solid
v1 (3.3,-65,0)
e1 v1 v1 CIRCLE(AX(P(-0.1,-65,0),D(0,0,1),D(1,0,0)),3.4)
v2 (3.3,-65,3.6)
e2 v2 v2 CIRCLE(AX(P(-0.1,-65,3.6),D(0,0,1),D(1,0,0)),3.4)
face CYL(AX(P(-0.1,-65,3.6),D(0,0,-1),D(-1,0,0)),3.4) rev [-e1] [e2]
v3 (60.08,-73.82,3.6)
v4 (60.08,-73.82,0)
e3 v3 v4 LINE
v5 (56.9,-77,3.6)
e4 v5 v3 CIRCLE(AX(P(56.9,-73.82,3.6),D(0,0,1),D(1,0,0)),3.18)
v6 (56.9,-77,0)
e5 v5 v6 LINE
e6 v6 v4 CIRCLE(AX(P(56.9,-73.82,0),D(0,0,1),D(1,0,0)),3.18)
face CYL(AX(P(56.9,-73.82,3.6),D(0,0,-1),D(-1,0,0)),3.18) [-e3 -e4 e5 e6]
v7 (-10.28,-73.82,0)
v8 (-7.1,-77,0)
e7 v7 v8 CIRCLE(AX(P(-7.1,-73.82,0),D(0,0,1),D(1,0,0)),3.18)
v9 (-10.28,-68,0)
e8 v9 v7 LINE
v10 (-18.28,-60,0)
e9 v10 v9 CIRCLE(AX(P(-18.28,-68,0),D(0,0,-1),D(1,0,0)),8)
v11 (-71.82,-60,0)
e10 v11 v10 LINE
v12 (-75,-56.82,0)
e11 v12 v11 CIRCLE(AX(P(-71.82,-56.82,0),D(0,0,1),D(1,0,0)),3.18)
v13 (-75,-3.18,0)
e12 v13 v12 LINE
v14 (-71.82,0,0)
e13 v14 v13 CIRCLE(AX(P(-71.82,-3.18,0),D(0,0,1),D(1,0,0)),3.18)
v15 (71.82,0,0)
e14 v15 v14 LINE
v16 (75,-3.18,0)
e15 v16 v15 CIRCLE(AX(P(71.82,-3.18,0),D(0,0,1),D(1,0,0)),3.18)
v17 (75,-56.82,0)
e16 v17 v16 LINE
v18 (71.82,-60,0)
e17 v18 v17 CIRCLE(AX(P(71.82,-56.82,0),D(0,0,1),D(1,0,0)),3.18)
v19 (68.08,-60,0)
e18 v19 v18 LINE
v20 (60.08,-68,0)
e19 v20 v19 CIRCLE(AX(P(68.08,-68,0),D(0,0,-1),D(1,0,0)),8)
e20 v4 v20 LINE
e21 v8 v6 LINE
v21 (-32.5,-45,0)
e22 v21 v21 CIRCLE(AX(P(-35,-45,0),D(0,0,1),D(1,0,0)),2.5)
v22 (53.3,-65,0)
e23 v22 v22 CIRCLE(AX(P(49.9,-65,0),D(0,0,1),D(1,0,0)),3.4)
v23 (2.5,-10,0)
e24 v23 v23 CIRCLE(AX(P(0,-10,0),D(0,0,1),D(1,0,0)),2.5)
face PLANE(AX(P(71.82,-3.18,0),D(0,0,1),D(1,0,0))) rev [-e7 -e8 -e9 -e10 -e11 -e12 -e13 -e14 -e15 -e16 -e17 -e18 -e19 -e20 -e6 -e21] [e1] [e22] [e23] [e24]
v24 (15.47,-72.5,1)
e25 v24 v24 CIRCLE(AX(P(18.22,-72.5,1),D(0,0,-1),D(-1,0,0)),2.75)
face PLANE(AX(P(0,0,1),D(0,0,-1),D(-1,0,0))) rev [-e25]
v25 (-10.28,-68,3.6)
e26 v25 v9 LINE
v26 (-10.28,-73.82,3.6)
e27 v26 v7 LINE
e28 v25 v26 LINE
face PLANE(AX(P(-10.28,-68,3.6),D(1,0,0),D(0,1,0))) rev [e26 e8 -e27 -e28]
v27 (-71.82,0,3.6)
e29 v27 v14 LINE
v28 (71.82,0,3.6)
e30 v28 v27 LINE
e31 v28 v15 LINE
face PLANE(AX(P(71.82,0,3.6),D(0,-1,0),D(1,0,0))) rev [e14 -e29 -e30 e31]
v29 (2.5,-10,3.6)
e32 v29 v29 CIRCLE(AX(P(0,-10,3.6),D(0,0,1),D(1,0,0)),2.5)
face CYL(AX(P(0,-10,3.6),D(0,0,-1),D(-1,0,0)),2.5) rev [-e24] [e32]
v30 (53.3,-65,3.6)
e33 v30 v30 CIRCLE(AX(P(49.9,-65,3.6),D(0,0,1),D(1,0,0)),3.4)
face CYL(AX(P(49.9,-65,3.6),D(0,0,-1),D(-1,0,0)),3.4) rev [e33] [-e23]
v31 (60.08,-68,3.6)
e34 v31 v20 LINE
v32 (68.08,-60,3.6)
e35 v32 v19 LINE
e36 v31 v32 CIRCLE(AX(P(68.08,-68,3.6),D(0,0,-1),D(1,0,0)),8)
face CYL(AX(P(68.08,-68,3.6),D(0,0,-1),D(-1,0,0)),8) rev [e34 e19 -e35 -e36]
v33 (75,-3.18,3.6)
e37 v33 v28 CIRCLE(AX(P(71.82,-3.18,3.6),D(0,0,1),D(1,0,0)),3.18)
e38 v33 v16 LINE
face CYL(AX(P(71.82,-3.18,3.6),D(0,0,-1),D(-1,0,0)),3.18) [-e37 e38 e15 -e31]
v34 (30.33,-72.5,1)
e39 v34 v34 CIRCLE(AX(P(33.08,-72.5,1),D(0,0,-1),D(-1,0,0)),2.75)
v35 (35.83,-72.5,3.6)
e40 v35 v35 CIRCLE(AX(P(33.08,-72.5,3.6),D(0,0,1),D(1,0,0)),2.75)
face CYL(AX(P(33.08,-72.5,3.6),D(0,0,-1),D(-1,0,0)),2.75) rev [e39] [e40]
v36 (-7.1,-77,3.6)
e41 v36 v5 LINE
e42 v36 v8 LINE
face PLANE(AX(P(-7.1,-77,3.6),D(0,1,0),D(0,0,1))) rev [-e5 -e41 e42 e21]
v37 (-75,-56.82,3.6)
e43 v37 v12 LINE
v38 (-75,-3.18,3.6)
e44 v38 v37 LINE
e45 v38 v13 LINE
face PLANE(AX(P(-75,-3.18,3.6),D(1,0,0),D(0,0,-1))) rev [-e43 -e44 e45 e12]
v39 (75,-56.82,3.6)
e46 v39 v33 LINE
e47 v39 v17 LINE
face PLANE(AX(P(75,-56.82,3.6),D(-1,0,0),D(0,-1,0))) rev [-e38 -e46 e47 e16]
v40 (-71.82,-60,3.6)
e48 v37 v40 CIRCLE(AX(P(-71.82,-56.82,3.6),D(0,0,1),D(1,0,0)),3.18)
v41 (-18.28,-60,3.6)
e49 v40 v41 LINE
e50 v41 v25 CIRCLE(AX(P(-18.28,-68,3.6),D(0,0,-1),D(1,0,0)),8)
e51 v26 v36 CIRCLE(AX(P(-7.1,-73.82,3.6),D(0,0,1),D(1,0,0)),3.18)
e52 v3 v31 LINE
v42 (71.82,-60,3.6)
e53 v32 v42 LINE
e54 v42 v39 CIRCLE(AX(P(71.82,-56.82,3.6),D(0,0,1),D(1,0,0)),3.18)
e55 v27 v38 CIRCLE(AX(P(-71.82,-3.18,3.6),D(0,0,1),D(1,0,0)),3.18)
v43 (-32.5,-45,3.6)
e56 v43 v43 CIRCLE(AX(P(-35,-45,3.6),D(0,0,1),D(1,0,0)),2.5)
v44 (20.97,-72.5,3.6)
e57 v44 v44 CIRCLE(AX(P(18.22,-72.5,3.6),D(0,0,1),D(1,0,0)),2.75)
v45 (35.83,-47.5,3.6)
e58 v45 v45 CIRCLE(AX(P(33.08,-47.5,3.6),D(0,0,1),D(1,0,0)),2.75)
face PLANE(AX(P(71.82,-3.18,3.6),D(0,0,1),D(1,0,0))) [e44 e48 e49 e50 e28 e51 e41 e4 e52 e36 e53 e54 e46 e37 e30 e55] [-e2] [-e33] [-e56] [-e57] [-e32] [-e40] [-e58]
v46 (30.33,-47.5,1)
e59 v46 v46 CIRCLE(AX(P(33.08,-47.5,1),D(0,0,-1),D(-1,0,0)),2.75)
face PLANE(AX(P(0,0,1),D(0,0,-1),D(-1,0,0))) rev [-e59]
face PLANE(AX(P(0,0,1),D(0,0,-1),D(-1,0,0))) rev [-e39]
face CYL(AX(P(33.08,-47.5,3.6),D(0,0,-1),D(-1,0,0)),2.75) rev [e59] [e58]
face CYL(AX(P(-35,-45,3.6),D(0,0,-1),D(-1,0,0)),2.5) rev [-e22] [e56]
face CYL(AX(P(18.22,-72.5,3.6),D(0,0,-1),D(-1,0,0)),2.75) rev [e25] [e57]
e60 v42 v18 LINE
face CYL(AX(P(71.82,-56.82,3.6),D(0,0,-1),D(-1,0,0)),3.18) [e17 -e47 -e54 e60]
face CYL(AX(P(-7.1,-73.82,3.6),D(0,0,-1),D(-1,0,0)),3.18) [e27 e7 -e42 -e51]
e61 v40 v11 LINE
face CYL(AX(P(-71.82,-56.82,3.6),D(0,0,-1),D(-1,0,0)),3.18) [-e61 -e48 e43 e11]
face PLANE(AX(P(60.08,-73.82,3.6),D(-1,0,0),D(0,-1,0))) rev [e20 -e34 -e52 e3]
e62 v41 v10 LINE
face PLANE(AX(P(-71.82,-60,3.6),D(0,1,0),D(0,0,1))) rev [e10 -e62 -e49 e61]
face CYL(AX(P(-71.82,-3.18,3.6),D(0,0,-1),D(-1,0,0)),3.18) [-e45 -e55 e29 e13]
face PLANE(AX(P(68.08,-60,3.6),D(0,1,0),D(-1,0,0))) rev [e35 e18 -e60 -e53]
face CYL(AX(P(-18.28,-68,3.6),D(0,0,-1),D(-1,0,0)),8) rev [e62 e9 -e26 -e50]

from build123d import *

# Parameters (mm, degrees)
SKETCH1_R           = 2.5
SKETCH1_R_2         = 3.4
SKETCH1_R_3         = 2.75
BOSS_EXTRUDE1_DEPTH = 3.6
SKETCH3_W           = 22.86
SKETCH3_H           = 34.5
BOSS_EXTRUDE3_DEPTH = 1


with BuildPart() as part:
    # Sketch1 → Boss-Extrude1 (new body)
    with BuildSketch(Plane.XY):
        with BuildLine():
            Line((71.82, 0), (-71.82, 0))
            ThreePointArc((-71.82, 0), (-74.068599564, -0.931400436), (-75, -3.18))
            Line((-75, -3.18), (-75, -56.82))
            ThreePointArc((-75, -56.82), (-74.068599564, -59.068599564), (-71.82, -60))
            Line((-71.82, -60), (-18.28, -60))
            ThreePointArc((-18.28, -60), (-12.623145751, -62.343145751), (-10.28, -68))
            Line((-10.28, -68), (-10.28, -73.82))
            ThreePointArc((-10.28, -73.82), (-9.348599564, -76.068599564), (-7.1, -77))
            Line((-7.1, -77), (56.9, -77))
            ThreePointArc((56.9, -77), (59.148599564, -76.068599564), (60.08, -73.82))
            Line((60.08, -73.82), (60.08, -68))
            ThreePointArc((60.08, -68), (62.423145751, -62.343145751), (68.08, -60))
            Line((68.08, -60), (71.82, -60))
            ThreePointArc((71.82, -60), (74.068599564, -59.068599564), (75, -56.82))
            Line((75, -56.82), (75, -3.18))
            ThreePointArc((75, -3.18), (74.068599564, -0.931400436), (71.82, 0))
        make_face()
        with Locations((-35, -45)):
            Circle(SKETCH1_R, mode=Mode.SUBTRACT)
        with Locations((0, -10)):
            Circle(SKETCH1_R, mode=Mode.SUBTRACT)
        with Locations((-0.1, -65)):
            Circle(SKETCH1_R_2, mode=Mode.SUBTRACT)
        with Locations((49.9, -65)):
            Circle(SKETCH1_R_2, mode=Mode.SUBTRACT)
        with Locations((33.08, -72.5)):
            Circle(SKETCH1_R_3, mode=Mode.SUBTRACT)
        with Locations((18.22, -72.5)):
            Circle(SKETCH1_R_3, mode=Mode.SUBTRACT)
        with Locations((33.08, -47.5)):
            Circle(SKETCH1_R_3, mode=Mode.SUBTRACT)
    extrude(amount=BOSS_EXTRUDE1_DEPTH)

    # Sketch3 → Boss-Extrude3 (add)
    with BuildSketch(Plane(origin=(0, 0, 0), x_dir=(-1, 0, 0), z_dir=(0, 0, -1))):
        with Locations((-25.65, -59.75)):
            Rectangle(SKETCH3_W, SKETCH3_H)
    extrude(amount=-BOSS_EXTRUDE3_DEPTH)


solid = part.part
